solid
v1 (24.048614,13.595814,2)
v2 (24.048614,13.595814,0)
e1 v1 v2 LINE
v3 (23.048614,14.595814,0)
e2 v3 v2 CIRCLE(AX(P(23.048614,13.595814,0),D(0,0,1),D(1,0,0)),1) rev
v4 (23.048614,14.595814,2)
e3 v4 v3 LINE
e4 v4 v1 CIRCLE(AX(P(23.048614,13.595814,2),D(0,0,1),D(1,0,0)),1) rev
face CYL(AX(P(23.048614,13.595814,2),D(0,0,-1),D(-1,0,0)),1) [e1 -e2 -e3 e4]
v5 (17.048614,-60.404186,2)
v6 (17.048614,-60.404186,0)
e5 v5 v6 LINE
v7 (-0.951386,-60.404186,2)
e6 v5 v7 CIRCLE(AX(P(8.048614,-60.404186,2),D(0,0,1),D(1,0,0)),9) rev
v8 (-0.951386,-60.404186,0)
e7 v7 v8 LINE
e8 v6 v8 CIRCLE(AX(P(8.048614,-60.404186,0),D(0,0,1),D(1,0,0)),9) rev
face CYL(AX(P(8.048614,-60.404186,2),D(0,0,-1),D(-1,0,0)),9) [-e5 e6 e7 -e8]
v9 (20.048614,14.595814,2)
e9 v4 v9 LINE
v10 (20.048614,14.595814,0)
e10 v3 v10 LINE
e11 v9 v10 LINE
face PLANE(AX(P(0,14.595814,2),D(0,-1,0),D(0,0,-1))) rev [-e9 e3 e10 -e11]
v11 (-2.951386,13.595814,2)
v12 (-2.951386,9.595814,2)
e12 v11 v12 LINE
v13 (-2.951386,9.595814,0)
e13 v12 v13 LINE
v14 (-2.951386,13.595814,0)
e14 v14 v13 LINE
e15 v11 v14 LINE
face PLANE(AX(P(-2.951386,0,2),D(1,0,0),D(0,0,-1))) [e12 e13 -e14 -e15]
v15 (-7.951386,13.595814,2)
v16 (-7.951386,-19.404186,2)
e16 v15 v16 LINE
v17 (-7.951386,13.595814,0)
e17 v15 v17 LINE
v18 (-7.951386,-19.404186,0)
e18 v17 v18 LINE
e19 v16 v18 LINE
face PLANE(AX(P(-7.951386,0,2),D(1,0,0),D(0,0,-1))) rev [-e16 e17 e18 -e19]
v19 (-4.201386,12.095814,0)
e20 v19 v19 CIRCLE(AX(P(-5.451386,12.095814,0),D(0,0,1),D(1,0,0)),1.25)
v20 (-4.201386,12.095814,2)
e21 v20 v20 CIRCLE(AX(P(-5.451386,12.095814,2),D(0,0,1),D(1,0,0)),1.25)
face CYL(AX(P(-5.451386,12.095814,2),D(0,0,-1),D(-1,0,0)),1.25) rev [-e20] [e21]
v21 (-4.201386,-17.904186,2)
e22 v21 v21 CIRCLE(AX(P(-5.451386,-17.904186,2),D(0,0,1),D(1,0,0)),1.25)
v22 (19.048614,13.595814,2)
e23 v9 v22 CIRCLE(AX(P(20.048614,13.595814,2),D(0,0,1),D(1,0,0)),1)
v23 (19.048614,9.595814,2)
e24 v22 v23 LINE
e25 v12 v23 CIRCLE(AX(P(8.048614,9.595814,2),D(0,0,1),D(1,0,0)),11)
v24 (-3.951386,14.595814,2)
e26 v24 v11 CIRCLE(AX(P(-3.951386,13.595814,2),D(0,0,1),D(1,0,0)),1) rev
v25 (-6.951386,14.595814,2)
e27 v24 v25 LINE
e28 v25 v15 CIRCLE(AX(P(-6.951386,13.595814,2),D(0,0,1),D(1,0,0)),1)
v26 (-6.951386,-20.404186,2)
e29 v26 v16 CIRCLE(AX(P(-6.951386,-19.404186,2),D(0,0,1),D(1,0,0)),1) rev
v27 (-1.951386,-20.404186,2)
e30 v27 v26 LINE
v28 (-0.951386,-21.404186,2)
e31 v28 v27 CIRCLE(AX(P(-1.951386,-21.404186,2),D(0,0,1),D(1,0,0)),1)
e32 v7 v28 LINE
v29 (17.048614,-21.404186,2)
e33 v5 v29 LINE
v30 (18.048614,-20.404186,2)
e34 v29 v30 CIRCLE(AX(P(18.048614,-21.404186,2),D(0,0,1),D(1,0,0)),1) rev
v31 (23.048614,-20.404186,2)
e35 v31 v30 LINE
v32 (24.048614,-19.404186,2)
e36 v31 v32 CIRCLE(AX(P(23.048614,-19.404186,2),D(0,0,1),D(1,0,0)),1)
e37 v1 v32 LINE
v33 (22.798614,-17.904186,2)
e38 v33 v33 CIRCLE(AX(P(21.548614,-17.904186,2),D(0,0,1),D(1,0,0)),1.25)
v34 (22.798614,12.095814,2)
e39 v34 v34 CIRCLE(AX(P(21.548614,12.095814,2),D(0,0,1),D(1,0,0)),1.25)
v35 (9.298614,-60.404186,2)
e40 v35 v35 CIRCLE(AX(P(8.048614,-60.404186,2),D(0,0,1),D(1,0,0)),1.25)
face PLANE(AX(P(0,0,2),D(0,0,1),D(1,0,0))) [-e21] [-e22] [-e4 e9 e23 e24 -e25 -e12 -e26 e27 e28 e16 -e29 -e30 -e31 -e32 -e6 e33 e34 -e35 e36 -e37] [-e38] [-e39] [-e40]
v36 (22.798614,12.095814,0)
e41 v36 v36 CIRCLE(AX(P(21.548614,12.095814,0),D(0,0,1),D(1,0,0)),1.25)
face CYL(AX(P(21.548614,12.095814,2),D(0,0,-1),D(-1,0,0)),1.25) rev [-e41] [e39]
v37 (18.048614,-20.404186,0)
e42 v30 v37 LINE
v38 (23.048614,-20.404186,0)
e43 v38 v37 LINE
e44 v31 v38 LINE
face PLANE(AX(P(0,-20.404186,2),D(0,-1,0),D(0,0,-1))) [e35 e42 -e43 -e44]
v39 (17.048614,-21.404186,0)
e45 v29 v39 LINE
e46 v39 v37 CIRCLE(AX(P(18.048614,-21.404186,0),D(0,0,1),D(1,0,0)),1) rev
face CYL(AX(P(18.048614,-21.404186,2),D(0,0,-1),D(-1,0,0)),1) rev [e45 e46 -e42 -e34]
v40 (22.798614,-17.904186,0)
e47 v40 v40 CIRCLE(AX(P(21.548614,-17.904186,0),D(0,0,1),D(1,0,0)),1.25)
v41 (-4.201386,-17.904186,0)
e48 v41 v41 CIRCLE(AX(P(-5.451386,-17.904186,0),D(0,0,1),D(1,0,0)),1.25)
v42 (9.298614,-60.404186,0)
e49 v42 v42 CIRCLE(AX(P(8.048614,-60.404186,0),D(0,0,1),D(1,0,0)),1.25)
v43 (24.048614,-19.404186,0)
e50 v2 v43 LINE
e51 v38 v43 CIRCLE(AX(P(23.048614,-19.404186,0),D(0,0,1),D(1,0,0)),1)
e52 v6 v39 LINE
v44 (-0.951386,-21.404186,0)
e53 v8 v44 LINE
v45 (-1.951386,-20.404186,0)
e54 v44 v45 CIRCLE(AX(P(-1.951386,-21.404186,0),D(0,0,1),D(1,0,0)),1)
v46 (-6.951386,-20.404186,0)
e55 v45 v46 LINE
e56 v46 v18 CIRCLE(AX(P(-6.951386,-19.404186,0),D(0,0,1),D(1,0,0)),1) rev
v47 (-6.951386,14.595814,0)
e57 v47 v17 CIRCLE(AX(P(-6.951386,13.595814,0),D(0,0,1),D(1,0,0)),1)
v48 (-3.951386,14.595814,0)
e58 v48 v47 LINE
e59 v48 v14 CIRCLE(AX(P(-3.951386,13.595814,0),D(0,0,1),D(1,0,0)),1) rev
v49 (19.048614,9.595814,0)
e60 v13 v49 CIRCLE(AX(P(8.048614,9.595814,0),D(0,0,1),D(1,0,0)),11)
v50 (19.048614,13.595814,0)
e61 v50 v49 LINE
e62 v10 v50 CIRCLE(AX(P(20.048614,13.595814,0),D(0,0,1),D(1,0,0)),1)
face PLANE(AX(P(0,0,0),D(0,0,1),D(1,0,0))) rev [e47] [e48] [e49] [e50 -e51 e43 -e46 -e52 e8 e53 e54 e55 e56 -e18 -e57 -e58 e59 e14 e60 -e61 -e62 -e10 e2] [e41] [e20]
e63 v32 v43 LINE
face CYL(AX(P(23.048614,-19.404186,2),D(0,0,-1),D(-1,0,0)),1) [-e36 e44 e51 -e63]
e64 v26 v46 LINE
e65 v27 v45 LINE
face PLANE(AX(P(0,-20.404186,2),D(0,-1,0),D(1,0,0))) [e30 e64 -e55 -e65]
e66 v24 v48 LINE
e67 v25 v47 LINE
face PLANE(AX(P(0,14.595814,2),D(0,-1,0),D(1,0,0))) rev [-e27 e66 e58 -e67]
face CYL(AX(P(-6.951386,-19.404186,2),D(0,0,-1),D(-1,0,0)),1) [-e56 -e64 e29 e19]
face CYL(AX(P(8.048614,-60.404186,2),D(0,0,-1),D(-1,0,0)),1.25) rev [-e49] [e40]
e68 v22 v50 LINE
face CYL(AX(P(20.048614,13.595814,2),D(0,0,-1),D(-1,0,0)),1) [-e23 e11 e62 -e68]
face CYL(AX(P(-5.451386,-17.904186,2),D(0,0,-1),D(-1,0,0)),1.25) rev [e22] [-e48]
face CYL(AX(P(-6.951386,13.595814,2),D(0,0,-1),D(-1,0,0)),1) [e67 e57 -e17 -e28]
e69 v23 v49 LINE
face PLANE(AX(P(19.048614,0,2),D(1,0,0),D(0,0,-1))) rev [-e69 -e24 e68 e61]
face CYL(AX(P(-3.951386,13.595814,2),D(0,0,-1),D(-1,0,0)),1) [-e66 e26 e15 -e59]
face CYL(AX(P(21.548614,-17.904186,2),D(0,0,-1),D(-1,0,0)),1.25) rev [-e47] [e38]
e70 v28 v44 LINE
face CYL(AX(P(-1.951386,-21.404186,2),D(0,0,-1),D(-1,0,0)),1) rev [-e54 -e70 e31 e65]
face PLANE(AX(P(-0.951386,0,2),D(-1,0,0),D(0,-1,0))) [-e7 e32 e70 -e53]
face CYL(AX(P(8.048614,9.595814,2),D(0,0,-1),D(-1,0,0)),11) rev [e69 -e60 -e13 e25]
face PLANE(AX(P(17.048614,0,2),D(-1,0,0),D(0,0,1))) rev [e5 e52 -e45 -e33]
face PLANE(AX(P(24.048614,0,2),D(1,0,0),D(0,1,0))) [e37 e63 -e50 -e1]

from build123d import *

# Parameters (mm, degrees)
SKETCH_1_R      = 1.25
EXTRUDE_1_DEPTH = 2


with BuildPart() as part:
    # 草圖1 → 填料-伸長1 (new body)
    with BuildSketch(Plane.XY):
        with BuildLine():
            Line((18.048613933, -20.404186252), (23.048613933, -20.404186252))
            ThreePointArc((23.048613933, -20.404186252), (23.755720714, -20.111293033), (24.048613933, -19.404186252))
            Line((24.048613933, -19.404186252), (24.048613933, -15.404186252))
            Line((24.048613933, -15.404186252), (24.048613933, -2.404186252))
            Line((24.048613933, -2.404186252), (24.048613933, 13.595813748))
            ThreePointArc((24.048613933, 13.595813748), (23.755720714, 14.302920529), (23.048613933, 14.595813748))
            Line((23.048613933, 14.595813748), (20.048613933, 14.595813748))
            ThreePointArc((20.048613933, 14.595813748), (19.341507152, 14.302920529), (19.048613933, 13.595813748))
            Line((19.048613933, 13.595813748), (19.048613933, 9.595813748))
            ThreePointArc((19.048613933, 9.595813748), (8.048613933, -1.404186252), (-2.951386067, 9.595813748))
            Line((-2.951386067, 9.595813748), (-2.951386067, 13.595813748))
            ThreePointArc((-2.951386067, 13.595813748), (-3.244279286, 14.302920529), (-3.951386067, 14.595813748))
            Line((-3.951386067, 14.595813748), (-6.951386067, 14.595813748))
            ThreePointArc((-6.951386067, 14.595813748), (-7.658492848, 14.302920529), (-7.951386067, 13.595813748))
            Line((-7.951386067, 13.595813748), (-7.951386067, -2.404186252))
            Line((-7.951386067, -2.404186252), (-7.951386067, -15.404186252))
            Line((-7.951386067, -15.404186252), (-7.951386067, -19.404186252))
            ThreePointArc((-7.951386067, -19.404186252), (-7.658492848, -20.111293033), (-6.951386067, -20.404186252))
            Line((-6.951386067, -20.404186252), (-1.951386067, -20.404186252))
            ThreePointArc((-1.951386067, -20.404186252), (-1.244279286, -20.697079471), (-0.951386067, -21.404186252))
            Line((-0.951386067, -21.404186252), (-0.951386067, -60.404186252))
            ThreePointArc((-0.951386067, -60.404186252), (8.048613933, -69.404186252), (17.048613933, -60.404186252))
            Line((17.048613933, -60.404186252), (17.048613933, -21.404186252))
            ThreePointArc((17.048613933, -21.404186252), (17.341507152, -20.697079471), (18.048613933, -20.404186252))
        make_face()
        with Locations((8.048613933, -60.404186252)):
            Circle(SKETCH_1_R, mode=Mode.SUBTRACT)
        with Locations((-5.451386067, -17.904186252)):
            Circle(SKETCH_1_R, mode=Mode.SUBTRACT)
        with Locations((-5.451386067, 12.095813748)):
            Circle(SKETCH_1_R, mode=Mode.SUBTRACT)
        with Locations((21.548613933, -17.904186252)):
            Circle(SKETCH_1_R, mode=Mode.SUBTRACT)
        with Locations((21.548613933, 12.095813748)):
            Circle(SKETCH_1_R, mode=Mode.SUBTRACT)
    extrude(amount=EXTRUDE_1_DEPTH)


solid = part.part
